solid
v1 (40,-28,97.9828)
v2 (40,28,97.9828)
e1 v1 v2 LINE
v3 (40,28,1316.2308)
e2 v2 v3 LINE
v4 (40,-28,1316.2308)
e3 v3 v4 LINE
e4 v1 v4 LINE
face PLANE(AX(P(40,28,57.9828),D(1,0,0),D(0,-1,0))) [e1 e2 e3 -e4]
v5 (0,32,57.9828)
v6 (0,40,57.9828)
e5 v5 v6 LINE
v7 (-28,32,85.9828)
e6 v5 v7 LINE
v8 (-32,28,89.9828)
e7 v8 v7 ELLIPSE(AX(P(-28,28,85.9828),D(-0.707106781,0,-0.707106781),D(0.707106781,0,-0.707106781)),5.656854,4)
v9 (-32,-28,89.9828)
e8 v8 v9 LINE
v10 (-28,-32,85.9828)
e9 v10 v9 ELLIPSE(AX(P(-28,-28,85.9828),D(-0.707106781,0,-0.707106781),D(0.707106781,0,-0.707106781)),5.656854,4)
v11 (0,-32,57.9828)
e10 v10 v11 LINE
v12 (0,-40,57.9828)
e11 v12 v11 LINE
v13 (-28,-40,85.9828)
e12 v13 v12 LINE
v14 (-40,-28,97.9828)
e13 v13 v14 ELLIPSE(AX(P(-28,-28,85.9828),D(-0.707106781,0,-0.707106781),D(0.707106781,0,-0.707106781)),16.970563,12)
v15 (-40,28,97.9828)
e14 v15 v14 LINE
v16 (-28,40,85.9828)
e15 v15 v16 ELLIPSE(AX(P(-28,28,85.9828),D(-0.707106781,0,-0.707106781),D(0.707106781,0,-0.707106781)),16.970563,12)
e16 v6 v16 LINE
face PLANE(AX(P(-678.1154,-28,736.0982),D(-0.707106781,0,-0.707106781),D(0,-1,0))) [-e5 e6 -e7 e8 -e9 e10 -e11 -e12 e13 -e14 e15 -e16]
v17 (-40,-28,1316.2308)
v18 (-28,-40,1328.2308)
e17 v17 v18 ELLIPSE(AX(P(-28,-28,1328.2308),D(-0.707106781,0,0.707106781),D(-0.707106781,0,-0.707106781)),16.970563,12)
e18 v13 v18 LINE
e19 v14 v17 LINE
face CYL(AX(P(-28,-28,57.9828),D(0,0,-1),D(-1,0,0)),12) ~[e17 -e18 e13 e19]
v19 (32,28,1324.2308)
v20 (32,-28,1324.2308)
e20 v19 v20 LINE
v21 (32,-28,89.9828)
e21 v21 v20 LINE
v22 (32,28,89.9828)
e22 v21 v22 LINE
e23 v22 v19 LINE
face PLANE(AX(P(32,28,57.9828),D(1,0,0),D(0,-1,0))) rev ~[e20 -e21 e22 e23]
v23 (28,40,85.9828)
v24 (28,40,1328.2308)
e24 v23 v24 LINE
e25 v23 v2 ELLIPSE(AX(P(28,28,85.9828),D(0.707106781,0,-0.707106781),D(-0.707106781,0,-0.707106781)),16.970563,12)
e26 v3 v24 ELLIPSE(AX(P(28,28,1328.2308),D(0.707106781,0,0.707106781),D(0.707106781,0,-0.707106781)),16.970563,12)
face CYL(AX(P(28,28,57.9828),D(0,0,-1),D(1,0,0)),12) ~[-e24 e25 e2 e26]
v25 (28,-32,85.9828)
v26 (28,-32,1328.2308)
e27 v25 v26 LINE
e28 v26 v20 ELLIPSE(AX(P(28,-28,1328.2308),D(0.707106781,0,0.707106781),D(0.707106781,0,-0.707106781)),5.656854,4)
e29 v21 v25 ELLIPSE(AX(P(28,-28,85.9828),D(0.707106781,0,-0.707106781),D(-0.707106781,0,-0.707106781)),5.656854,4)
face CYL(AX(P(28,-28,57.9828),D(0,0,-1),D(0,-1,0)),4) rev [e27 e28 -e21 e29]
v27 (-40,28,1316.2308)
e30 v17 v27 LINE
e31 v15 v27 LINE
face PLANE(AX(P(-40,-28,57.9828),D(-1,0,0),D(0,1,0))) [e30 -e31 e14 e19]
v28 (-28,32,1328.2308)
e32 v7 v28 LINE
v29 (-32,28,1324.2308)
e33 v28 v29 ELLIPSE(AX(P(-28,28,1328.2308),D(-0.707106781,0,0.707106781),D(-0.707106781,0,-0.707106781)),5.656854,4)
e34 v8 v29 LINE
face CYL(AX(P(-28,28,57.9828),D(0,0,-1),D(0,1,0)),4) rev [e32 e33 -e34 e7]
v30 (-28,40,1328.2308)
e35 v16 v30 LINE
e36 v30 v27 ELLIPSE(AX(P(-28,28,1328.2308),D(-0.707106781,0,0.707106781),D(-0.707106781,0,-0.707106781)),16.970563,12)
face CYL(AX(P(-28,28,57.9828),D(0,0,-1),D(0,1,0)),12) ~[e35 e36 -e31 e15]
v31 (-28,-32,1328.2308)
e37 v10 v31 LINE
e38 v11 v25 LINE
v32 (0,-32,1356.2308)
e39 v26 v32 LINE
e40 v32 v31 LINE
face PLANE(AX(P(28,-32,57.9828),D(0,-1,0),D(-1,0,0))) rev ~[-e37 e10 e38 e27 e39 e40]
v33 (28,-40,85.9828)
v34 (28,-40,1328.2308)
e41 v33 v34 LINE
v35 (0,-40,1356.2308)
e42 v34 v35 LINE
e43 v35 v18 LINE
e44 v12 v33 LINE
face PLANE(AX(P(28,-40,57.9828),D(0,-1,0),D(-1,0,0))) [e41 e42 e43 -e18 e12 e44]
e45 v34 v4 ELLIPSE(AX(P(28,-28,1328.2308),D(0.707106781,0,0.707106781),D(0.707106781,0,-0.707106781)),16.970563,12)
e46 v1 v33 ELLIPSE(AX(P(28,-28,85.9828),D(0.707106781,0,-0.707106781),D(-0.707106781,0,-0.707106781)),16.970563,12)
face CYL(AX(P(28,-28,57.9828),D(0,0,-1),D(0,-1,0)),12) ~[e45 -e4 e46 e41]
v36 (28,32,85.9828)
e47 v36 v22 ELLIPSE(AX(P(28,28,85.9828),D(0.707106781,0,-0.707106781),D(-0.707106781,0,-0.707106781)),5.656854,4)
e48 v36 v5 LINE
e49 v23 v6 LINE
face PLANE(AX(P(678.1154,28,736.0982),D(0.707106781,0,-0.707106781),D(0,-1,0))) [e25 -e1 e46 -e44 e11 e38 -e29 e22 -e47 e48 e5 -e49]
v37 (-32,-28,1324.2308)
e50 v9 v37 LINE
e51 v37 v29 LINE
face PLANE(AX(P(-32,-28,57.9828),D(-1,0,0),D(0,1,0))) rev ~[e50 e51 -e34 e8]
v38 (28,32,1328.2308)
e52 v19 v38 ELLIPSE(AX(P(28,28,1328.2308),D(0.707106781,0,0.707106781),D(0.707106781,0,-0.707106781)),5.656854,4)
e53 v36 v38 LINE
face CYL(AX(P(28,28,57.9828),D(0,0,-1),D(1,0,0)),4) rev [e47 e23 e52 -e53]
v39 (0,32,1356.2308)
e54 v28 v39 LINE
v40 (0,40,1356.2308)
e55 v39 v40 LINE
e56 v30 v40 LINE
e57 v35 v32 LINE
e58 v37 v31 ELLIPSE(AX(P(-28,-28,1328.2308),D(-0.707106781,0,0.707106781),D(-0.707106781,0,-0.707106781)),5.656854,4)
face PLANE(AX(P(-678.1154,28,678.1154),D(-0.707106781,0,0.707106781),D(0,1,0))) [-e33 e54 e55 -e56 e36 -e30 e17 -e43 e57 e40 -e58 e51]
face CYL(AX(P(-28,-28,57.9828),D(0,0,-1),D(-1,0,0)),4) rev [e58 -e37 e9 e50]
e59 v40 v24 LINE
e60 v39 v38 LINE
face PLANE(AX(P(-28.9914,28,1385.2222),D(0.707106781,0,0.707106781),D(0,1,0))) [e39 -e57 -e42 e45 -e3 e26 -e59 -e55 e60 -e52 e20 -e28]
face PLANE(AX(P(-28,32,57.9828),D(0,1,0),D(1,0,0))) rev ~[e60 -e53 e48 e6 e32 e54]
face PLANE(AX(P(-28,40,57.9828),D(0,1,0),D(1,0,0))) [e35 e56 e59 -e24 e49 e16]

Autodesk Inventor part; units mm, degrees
ref_plane "Start Plane" through (0, 0, 57.9828) normal (0, 0, 1) x (1, 0, 0)
ref_plane "End Plane" through (0, 0, 1356.2308) normal (0, 0, 1) x (1, 0, 0)
sketch "Sketch" plane through (0, 0, 0) normal (0, 0, 1) x (1, 0, 0)
  line L0 (-40, -28) -> (-40, 28)
  line L1 (-28, 40) -> (28, 40)
  line L2 (40, 28) -> (40, -28)
  line L3 (28, -40) -> (-28, -40)
  arc A0 (-40, -28) -> (-28, -40) centre (-28, -28) ccw
  arc A1 (-28, 40) -> (-40, 28) centre (-28, 28) ccw
  arc A2 (40, 28) -> (28, 40) centre (28, 28) ccw
  arc A3 (28, -40) -> (40, -28) centre (28, -28) ccw
  arc A4 (-28, 32) -> (-32, 28) centre (-28, 28) ccw
  line L4 (-28, 32) -> (28, 32)
  arc A5 (32, 28) -> (28, 32) centre (28, 28) ccw
  line L5 (32, 28) -> (32, -28)
  arc A6 (28, -32) -> (32, -28) centre (28, -28) ccw
  line L6 (28, -32) -> (-28, -32)
  arc A7 (-32, -28) -> (-28, -32) centre (-28, -28) ccw
  line L7 (-32, -28) -> (-32, 28)
  line L8 (0, 59.4794) -> (0, -59.4794) construction
  line L9 (-59.4794, 0) -> (59.4794, 0) construction
  dimension "d7" = 12
  dimension "d10" = 80
  dimension "d11" = 80
  dimension "d12" = 8
  dimension "d15" = 40
  dimension "d16" = 40
extrude "Body" add sketch "Sketch" along normal up to surface (1298.2481 mm away) from surface at 57.9828
sketch "Sketch3" plane through (0, 0, 0) normal (0, 0, 1) x (1, 0, 0)
  line L0 (0, 0) -> (10, 0)
ref_plane "Work Plane3" through (0, 0, 0) normal (0, -1, 0) x (1, 0, 0)
ref_plane "Work Plane4" through (-678.1154, 28, 678.1154) normal (-0.7071, 0, 0.7071) x (0.7071, 0, 0.7071)
split "Split1" plane through (-678.1154, 28, 678.1154) removes the side toward (-0.7071, 0, 0.7071)
ref_plane "Work Plane5" through (678.1154, 28, 736.0982) normal (0.7071, 0, -0.7071) x (-0.7071, 0, -0.7071)
split "Split2" plane through (678.1154, 28, 736.0982) removes the side toward (0.7071, 0, -0.7071)
ref_plane "Work Plane6" through (-28.9914, 28, 1385.2222) normal (0.7071, 0, 0.7071) x (0.7071, 0, -0.7071)
split "Split3" plane through (-28.9914, 28, 1385.2222) removes the side toward (0.7071, 0, 0.7071)
ref_plane "Work Plane7" through (-678.1154, -28, 736.0982) normal (-0.7071, 0, -0.7071) x (-0.7071, 0, 0.7071)
split "Split4" plane through (-678.1154, -28, 736.0982) removes the side toward (-0.7071, 0, -0.7071)
sketch "Sketch4" plane through (0, 0, 0) normal (0, -1, 0) x (1, 0, 0)
  line L0 (-2, 57.9828) -> (12, 57.9828) projected
  line L1 (-2, 1356.2308) -> (12, 1356.2308) projected
  dimension "d18" = 1298.248
equation "\"d7\" = G_IR"
equation "\"d10\" = G_H"
equation "\"d11\" = G_W"
equation "\"d12\" = G_T"
equation "\"d15\" = 0.5 * d10"
equation "\"d16\" = 0.5 * d11"
equation "\"d3\" = G_L"
equation "\"G_W\" = 80"
equation "\"G_H\" = 80"
equation "\"G_T\" = 8"
equation "\"G_IR\" = 12"
equation "\"G_L\" = d18"
equation "\"G_OFFSET_START\" = -57.98276"
equation "\"G_OFFSET_END\" = -57.98276"
equation "\"d13\" = -G_OFFSET_START"
equation "\"d14\" = G_OFFSET_END + B_L"
equation "\"B_L\" = 1414.21356"
properties part number "ISO 12633-2 - 80x80x8 - 1298.25" material "Steel, Mild"
